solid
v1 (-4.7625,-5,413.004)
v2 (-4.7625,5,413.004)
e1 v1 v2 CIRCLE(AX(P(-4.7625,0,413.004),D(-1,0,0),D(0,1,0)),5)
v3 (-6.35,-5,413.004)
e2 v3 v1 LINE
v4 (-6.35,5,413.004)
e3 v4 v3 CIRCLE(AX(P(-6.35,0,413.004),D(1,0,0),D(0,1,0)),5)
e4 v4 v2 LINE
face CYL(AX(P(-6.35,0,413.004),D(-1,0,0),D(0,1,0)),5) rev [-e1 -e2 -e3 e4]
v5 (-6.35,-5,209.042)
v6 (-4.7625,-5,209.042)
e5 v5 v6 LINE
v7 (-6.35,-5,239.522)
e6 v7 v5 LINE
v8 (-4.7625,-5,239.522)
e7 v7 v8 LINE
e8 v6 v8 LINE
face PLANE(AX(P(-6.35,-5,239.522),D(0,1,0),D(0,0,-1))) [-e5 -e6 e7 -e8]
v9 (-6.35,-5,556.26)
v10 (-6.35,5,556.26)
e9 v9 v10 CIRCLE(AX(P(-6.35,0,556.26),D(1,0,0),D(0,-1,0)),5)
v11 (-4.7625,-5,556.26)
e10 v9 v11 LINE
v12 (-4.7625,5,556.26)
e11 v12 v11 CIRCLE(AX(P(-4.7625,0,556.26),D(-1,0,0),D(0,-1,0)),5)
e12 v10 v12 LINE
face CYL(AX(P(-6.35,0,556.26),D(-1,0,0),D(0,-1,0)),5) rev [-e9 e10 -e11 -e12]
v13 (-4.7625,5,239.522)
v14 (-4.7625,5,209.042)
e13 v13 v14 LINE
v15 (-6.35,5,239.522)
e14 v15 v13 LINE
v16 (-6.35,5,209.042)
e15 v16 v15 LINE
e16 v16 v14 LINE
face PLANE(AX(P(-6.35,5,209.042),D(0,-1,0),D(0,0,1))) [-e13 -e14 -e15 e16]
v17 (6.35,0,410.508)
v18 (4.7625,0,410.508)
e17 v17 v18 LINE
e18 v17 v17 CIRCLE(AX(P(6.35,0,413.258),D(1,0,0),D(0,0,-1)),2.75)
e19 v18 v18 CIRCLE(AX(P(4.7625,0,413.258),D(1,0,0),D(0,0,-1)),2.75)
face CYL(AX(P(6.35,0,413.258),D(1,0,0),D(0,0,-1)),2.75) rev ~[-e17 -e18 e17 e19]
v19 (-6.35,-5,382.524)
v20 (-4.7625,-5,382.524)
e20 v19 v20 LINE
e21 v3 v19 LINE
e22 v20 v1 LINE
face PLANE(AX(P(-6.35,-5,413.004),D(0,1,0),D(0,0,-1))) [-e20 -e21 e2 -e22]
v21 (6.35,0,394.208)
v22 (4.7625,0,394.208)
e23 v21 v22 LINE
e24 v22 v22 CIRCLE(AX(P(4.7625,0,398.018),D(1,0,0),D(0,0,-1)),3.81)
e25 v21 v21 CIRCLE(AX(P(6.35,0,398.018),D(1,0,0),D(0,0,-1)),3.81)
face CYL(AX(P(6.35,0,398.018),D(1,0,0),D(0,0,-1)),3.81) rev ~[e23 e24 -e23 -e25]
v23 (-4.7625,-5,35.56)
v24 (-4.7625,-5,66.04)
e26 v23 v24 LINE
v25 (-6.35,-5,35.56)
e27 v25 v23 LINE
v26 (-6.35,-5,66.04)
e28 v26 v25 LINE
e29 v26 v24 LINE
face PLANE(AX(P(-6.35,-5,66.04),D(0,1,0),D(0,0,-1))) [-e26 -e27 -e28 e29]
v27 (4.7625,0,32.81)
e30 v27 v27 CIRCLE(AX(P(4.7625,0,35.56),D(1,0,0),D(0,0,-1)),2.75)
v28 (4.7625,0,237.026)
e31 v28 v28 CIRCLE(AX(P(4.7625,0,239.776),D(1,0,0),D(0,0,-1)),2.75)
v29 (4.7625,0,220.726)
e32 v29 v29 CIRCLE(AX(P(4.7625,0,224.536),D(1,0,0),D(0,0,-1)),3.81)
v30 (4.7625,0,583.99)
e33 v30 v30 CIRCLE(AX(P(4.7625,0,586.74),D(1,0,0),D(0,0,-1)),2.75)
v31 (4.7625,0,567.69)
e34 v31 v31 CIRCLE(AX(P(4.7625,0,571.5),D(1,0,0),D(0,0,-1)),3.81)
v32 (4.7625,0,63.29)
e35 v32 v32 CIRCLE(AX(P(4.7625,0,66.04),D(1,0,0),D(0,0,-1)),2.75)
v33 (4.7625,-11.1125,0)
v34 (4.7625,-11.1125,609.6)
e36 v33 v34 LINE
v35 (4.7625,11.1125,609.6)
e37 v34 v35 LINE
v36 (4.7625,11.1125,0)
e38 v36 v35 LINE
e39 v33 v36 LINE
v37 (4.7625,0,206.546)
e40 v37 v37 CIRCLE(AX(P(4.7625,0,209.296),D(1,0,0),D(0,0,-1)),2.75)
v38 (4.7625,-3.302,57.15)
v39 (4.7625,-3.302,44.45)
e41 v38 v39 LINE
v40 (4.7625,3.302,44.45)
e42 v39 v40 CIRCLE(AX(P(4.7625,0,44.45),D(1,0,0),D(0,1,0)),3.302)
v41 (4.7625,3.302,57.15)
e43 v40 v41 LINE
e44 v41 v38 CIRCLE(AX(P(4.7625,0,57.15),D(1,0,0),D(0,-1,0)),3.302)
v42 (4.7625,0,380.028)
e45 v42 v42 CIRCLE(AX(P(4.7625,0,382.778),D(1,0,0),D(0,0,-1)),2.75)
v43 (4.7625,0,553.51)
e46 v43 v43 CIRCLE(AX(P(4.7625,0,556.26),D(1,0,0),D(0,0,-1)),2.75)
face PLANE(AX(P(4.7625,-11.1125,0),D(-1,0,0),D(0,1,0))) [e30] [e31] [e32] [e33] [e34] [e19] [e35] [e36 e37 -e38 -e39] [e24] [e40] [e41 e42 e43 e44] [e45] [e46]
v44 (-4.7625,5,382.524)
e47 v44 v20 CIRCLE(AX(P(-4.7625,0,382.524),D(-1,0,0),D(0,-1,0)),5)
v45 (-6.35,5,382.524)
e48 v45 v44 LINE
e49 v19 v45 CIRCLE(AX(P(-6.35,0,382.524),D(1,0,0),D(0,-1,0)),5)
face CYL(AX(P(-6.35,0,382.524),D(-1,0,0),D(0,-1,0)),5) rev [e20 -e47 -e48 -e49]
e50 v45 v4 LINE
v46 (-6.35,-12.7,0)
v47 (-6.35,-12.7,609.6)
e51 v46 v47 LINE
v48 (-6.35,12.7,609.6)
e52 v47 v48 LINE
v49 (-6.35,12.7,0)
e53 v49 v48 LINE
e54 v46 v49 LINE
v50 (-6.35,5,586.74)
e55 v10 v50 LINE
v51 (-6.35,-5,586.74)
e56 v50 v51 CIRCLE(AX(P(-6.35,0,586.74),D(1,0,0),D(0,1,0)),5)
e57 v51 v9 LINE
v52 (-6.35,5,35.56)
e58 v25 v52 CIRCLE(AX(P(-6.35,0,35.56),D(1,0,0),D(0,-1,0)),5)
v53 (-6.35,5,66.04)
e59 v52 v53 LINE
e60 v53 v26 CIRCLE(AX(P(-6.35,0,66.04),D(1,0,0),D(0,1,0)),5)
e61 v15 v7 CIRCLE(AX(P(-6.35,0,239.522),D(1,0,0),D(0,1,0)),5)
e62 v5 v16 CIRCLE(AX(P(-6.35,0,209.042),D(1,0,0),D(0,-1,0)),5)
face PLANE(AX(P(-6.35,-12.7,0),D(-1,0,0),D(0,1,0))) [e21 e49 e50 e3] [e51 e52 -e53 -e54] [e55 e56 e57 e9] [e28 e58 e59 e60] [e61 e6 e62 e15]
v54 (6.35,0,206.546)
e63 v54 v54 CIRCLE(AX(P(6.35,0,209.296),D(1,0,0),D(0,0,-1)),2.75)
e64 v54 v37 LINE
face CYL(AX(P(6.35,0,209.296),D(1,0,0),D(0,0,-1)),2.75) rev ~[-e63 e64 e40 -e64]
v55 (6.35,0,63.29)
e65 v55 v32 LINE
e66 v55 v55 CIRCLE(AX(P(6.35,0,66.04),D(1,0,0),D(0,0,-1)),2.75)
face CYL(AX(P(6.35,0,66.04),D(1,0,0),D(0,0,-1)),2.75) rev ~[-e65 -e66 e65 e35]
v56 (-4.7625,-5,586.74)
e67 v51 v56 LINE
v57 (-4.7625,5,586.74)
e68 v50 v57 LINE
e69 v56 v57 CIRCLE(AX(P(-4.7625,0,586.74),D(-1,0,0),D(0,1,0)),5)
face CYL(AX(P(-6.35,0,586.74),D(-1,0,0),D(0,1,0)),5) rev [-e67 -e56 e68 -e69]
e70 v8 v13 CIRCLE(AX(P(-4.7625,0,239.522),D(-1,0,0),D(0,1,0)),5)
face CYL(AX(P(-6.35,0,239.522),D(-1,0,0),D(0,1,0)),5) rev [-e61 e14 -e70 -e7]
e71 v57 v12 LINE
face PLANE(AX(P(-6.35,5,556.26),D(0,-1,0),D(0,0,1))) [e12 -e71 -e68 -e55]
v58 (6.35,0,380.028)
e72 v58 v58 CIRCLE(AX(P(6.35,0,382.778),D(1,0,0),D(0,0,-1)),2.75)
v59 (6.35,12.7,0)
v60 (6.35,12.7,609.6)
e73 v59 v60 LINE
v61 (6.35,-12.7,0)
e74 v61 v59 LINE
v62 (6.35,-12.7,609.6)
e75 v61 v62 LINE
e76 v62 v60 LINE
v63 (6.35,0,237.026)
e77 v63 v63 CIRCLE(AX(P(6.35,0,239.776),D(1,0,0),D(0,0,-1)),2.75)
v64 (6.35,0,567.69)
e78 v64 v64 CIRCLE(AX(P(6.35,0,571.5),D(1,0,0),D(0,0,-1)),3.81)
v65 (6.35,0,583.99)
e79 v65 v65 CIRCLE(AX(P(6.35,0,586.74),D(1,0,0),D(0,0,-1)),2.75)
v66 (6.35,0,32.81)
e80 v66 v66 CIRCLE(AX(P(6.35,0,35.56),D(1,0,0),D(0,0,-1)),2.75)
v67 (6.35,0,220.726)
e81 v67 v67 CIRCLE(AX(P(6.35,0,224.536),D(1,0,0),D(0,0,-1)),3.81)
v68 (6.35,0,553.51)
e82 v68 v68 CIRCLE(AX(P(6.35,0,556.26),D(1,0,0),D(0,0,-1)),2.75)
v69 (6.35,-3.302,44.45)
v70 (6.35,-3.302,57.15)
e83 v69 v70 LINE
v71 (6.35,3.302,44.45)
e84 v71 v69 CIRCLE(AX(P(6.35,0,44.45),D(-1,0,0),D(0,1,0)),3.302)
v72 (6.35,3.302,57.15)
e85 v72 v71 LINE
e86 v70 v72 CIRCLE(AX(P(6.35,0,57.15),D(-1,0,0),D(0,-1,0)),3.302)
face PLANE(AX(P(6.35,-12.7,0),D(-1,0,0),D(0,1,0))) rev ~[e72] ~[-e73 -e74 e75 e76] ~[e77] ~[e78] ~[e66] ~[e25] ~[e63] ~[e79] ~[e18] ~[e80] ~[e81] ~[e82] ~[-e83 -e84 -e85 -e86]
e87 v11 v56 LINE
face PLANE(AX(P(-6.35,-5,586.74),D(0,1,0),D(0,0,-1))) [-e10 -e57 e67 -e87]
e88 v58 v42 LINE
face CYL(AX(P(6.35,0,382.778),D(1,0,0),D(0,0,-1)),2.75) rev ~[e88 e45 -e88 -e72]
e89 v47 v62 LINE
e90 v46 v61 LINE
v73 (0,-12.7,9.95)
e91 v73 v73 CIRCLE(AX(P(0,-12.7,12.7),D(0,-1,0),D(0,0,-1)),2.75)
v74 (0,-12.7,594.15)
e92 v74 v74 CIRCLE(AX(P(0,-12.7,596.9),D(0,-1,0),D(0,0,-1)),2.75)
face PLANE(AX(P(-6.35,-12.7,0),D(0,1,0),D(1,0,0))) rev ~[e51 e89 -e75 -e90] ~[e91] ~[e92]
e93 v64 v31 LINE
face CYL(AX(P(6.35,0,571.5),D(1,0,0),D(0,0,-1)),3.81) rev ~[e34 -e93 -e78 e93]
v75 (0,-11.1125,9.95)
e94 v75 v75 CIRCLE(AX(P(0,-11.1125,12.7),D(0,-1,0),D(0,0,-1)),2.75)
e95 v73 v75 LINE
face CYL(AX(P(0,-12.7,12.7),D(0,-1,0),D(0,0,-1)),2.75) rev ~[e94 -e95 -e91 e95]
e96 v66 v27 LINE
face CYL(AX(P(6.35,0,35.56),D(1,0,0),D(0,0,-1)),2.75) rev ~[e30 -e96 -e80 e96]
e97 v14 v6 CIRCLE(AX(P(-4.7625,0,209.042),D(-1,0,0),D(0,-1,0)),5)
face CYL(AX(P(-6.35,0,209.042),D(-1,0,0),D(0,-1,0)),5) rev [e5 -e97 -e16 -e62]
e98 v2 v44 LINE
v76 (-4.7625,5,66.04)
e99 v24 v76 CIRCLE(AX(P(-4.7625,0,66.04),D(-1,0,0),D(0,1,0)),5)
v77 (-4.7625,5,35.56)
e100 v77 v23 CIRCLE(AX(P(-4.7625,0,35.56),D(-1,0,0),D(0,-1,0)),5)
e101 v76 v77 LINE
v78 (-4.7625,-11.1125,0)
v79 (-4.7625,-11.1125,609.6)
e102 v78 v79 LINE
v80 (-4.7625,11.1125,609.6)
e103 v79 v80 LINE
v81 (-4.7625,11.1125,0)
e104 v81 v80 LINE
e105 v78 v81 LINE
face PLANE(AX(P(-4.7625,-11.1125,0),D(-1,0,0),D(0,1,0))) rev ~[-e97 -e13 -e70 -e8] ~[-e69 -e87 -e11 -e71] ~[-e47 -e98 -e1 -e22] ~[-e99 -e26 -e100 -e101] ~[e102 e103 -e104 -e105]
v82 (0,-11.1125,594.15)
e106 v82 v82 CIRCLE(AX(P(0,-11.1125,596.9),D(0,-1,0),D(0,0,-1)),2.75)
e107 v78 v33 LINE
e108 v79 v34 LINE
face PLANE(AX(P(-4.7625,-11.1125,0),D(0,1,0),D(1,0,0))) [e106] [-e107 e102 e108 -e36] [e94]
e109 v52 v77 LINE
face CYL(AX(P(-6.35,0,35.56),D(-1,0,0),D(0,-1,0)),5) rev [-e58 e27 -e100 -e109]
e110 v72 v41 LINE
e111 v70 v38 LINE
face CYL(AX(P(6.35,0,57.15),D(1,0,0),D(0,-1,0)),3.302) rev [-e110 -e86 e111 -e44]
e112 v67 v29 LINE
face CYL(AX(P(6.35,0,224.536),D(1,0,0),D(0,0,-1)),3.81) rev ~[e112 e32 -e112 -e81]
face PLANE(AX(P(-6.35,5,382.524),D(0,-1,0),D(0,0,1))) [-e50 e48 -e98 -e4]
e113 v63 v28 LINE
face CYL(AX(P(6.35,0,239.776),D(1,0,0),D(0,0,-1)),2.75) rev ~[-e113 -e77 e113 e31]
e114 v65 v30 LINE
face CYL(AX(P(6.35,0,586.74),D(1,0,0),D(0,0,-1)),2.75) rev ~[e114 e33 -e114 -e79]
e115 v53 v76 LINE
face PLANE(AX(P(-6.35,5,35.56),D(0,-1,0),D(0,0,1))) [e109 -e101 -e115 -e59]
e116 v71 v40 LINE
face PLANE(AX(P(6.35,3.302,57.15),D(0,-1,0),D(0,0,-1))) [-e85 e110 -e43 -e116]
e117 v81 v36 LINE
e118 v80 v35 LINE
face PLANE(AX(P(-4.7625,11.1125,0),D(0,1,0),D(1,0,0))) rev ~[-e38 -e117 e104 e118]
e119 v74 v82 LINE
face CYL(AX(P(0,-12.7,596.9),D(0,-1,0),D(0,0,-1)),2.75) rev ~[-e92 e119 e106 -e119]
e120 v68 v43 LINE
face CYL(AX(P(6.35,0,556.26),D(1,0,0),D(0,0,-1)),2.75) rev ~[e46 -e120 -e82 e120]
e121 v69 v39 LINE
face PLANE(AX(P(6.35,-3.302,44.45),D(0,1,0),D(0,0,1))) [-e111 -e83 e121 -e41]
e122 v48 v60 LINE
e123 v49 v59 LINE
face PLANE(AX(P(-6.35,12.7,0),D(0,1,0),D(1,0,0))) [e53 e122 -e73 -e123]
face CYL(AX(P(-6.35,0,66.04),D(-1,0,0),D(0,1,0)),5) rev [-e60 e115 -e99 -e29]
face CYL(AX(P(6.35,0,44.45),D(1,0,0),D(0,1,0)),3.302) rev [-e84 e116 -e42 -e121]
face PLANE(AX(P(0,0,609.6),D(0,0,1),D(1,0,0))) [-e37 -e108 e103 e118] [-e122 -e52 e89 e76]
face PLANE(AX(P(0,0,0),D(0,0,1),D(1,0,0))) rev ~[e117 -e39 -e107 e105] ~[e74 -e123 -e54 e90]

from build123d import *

# Parameters (mm, degrees)
SKETCH1_W           = 12.7
SKETCH1_H           = 25.4
SKETCH1_W_2         = 9.525
SKETCH1_H_2         = 22.225
BOSS_EXTRUDE1_DEPTH = 609.6
SKETCH2_R           = 3.81
SKETCH2_R_2         = 2.75
CUT_EXTRUDE1_DEPTH  = 610.86452594
CUT_EXTRUDE3_REACH  = 611.865
CUT_EXTRUDE5_REACH  = 612.162
SKETCH5_R           = 2.75


with BuildPart() as part:
    # Sketch1 → Boss-Extrude1 (new body)
    with BuildSketch(Plane.XY):
        Rectangle(SKETCH1_W, SKETCH1_H)
        Rectangle(SKETCH1_W_2, SKETCH1_H_2, mode=Mode.SUBTRACT)
    extrude(amount=BOSS_EXTRUDE1_DEPTH)

    # Sketch2 → Cut-Extrude1 (cut, through all)
    with BuildSketch(Plane(origin=(6.35, 0, 0), x_dir=(0, 0, -1), z_dir=(1, 0, 0))):
        with Locations((-571.5, 0)):
            Circle(SKETCH2_R)
        with Locations((-586.74, 0)):
            Circle(SKETCH2_R_2)
        with Locations((-556.26, 0)):
            Circle(SKETCH2_R_2)
        with Locations((-66.04, 0)):
            Circle(SKETCH2_R_2)
        with Locations((-35.56, 0)):
            Circle(SKETCH2_R_2)
        with Locations((-382.778, 0)):
            Circle(SKETCH2_R_2)
        with Locations((-398.018, 0)):
            Circle(SKETCH2_R)
        with Locations((-413.258, 0)):
            Circle(SKETCH2_R_2)
        with Locations((-209.296, 0)):
            Circle(SKETCH2_R_2)
        with Locations((-224.536, 0)):
            Circle(SKETCH2_R)
        with Locations((-239.776, 0)):
            Circle(SKETCH2_R_2)
        with BuildLine():
            Line((-44.45, -3.302), (-57.15, -3.302))
            ThreePointArc((-57.15, -3.302), (-60.452, 0), (-57.15, 3.302))
            Line((-57.15, 3.302), (-44.45, 3.302))
            ThreePointArc((-44.45, 3.302), (-41.148, 0), (-44.45, -3.302))
        make_face()
    extrude(amount=-CUT_EXTRUDE1_DEPTH, mode=Mode.SUBTRACT)

    # Sketch4 → Cut-Extrude3 (cut, up to next)
    with BuildSketch(Plane.ZY.offset(6.35), mode=Mode.PRIVATE) as cut_extrude3_sk1:
        with BuildLine():
            Line((35.56, 5), (66.04, 5))
            ThreePointArc((66.04, 5), (71.04, 0), (66.04, -5))
            Line((66.04, -5), (35.56, -5))
            ThreePointArc((35.56, -5), (30.56, 0), (35.56, 5))
        make_face()
    cut_extrude3_tool1 = extrude(cut_extrude3_sk1.sketch, amount=-CUT_EXTRUDE3_REACH, mode=Mode.PRIVATE) & part.part
    # Sketch4 → Cut-Extrude3 (cut, up to next)
    with BuildSketch(Plane.ZY.offset(6.35), mode=Mode.PRIVATE) as cut_extrude3_sk2:
        with BuildLine():
            Line((556.26, 5), (586.74, 5))
            ThreePointArc((586.74, 5), (591.74, 0), (586.74, -5))
            Line((586.74, -5), (556.26, -5))
            ThreePointArc((556.26, -5), (551.26, 0), (556.26, 5))
        make_face()
    cut_extrude3_tool2 = extrude(cut_extrude3_sk2.sketch, amount=-CUT_EXTRUDE3_REACH, mode=Mode.PRIVATE) & part.part
    # Sketch4 → Cut-Extrude3 (cut, up to next)
    with BuildSketch(Plane.ZY.offset(6.35), mode=Mode.PRIVATE) as cut_extrude3_sk3:
        with BuildLine():
            Line((209.042, 5), (239.522, 5))
            ThreePointArc((239.522, 5), (244.522, 0), (239.522, -5))
            Line((239.522, -5), (209.042, -5))
            ThreePointArc((209.042, -5), (204.042, 0), (209.042, 5))
        make_face()
    cut_extrude3_tool3 = extrude(cut_extrude3_sk3.sketch, amount=-CUT_EXTRUDE3_REACH, mode=Mode.PRIVATE) & part.part
    # Sketch4 → Cut-Extrude3 (cut, up to next)
    with BuildSketch(Plane.ZY.offset(6.35), mode=Mode.PRIVATE) as cut_extrude3_sk4:
        with BuildLine():
            Line((382.524, 5), (413.004, 5))
            ThreePointArc((413.004, 5), (418.004, 0), (413.004, -5))
            Line((413.004, -5), (382.524, -5))
            ThreePointArc((382.524, -5), (377.524, 0), (382.524, 5))
        make_face()
    cut_extrude3_tool4 = extrude(cut_extrude3_sk4.sketch, amount=-CUT_EXTRUDE3_REACH, mode=Mode.PRIVATE) & part.part
    add(cut_extrude3_tool1.solids().sort_by_distance((-6.35, 0, 50.8))[0], mode=Mode.SUBTRACT)
    add(cut_extrude3_tool2.solids().sort_by_distance((-6.35, 0, 571.5))[0], mode=Mode.SUBTRACT)
    add(cut_extrude3_tool3.solids().sort_by_distance((-6.35, 0, 224.282))[0], mode=Mode.SUBTRACT)
    add(cut_extrude3_tool4.solids().sort_by_distance((-6.35, 0, 397.764))[0], mode=Mode.SUBTRACT)

    # Sketch5 → Cut-Extrude5 (cut, up to next)
    with BuildSketch(Plane.XZ.offset(12.7), mode=Mode.PRIVATE) as cut_extrude5_sk1:
        with Locations(Location((0, 596.9, 0), (0, 0, 270))):
            Circle(SKETCH5_R)
    cut_extrude5_tool1 = extrude(cut_extrude5_sk1.sketch, amount=-CUT_EXTRUDE5_REACH, mode=Mode.PRIVATE) & part.part
    # Sketch5 → Cut-Extrude5 (cut, up to next)
    with BuildSketch(Plane.XZ.offset(12.7), mode=Mode.PRIVATE) as cut_extrude5_sk2:
        with Locations(Location((0, 12.7, 0), (0, 0, 270))):
            Circle(SKETCH5_R)
    cut_extrude5_tool2 = extrude(cut_extrude5_sk2.sketch, amount=-CUT_EXTRUDE5_REACH, mode=Mode.PRIVATE) & part.part
    add(cut_extrude5_tool1.solids().sort_by_distance((0, -12.7, 596.9))[0], mode=Mode.SUBTRACT)
    add(cut_extrude5_tool2.solids().sort_by_distance((0, -12.7, 12.7))[0], mode=Mode.SUBTRACT)


solid = part.part
